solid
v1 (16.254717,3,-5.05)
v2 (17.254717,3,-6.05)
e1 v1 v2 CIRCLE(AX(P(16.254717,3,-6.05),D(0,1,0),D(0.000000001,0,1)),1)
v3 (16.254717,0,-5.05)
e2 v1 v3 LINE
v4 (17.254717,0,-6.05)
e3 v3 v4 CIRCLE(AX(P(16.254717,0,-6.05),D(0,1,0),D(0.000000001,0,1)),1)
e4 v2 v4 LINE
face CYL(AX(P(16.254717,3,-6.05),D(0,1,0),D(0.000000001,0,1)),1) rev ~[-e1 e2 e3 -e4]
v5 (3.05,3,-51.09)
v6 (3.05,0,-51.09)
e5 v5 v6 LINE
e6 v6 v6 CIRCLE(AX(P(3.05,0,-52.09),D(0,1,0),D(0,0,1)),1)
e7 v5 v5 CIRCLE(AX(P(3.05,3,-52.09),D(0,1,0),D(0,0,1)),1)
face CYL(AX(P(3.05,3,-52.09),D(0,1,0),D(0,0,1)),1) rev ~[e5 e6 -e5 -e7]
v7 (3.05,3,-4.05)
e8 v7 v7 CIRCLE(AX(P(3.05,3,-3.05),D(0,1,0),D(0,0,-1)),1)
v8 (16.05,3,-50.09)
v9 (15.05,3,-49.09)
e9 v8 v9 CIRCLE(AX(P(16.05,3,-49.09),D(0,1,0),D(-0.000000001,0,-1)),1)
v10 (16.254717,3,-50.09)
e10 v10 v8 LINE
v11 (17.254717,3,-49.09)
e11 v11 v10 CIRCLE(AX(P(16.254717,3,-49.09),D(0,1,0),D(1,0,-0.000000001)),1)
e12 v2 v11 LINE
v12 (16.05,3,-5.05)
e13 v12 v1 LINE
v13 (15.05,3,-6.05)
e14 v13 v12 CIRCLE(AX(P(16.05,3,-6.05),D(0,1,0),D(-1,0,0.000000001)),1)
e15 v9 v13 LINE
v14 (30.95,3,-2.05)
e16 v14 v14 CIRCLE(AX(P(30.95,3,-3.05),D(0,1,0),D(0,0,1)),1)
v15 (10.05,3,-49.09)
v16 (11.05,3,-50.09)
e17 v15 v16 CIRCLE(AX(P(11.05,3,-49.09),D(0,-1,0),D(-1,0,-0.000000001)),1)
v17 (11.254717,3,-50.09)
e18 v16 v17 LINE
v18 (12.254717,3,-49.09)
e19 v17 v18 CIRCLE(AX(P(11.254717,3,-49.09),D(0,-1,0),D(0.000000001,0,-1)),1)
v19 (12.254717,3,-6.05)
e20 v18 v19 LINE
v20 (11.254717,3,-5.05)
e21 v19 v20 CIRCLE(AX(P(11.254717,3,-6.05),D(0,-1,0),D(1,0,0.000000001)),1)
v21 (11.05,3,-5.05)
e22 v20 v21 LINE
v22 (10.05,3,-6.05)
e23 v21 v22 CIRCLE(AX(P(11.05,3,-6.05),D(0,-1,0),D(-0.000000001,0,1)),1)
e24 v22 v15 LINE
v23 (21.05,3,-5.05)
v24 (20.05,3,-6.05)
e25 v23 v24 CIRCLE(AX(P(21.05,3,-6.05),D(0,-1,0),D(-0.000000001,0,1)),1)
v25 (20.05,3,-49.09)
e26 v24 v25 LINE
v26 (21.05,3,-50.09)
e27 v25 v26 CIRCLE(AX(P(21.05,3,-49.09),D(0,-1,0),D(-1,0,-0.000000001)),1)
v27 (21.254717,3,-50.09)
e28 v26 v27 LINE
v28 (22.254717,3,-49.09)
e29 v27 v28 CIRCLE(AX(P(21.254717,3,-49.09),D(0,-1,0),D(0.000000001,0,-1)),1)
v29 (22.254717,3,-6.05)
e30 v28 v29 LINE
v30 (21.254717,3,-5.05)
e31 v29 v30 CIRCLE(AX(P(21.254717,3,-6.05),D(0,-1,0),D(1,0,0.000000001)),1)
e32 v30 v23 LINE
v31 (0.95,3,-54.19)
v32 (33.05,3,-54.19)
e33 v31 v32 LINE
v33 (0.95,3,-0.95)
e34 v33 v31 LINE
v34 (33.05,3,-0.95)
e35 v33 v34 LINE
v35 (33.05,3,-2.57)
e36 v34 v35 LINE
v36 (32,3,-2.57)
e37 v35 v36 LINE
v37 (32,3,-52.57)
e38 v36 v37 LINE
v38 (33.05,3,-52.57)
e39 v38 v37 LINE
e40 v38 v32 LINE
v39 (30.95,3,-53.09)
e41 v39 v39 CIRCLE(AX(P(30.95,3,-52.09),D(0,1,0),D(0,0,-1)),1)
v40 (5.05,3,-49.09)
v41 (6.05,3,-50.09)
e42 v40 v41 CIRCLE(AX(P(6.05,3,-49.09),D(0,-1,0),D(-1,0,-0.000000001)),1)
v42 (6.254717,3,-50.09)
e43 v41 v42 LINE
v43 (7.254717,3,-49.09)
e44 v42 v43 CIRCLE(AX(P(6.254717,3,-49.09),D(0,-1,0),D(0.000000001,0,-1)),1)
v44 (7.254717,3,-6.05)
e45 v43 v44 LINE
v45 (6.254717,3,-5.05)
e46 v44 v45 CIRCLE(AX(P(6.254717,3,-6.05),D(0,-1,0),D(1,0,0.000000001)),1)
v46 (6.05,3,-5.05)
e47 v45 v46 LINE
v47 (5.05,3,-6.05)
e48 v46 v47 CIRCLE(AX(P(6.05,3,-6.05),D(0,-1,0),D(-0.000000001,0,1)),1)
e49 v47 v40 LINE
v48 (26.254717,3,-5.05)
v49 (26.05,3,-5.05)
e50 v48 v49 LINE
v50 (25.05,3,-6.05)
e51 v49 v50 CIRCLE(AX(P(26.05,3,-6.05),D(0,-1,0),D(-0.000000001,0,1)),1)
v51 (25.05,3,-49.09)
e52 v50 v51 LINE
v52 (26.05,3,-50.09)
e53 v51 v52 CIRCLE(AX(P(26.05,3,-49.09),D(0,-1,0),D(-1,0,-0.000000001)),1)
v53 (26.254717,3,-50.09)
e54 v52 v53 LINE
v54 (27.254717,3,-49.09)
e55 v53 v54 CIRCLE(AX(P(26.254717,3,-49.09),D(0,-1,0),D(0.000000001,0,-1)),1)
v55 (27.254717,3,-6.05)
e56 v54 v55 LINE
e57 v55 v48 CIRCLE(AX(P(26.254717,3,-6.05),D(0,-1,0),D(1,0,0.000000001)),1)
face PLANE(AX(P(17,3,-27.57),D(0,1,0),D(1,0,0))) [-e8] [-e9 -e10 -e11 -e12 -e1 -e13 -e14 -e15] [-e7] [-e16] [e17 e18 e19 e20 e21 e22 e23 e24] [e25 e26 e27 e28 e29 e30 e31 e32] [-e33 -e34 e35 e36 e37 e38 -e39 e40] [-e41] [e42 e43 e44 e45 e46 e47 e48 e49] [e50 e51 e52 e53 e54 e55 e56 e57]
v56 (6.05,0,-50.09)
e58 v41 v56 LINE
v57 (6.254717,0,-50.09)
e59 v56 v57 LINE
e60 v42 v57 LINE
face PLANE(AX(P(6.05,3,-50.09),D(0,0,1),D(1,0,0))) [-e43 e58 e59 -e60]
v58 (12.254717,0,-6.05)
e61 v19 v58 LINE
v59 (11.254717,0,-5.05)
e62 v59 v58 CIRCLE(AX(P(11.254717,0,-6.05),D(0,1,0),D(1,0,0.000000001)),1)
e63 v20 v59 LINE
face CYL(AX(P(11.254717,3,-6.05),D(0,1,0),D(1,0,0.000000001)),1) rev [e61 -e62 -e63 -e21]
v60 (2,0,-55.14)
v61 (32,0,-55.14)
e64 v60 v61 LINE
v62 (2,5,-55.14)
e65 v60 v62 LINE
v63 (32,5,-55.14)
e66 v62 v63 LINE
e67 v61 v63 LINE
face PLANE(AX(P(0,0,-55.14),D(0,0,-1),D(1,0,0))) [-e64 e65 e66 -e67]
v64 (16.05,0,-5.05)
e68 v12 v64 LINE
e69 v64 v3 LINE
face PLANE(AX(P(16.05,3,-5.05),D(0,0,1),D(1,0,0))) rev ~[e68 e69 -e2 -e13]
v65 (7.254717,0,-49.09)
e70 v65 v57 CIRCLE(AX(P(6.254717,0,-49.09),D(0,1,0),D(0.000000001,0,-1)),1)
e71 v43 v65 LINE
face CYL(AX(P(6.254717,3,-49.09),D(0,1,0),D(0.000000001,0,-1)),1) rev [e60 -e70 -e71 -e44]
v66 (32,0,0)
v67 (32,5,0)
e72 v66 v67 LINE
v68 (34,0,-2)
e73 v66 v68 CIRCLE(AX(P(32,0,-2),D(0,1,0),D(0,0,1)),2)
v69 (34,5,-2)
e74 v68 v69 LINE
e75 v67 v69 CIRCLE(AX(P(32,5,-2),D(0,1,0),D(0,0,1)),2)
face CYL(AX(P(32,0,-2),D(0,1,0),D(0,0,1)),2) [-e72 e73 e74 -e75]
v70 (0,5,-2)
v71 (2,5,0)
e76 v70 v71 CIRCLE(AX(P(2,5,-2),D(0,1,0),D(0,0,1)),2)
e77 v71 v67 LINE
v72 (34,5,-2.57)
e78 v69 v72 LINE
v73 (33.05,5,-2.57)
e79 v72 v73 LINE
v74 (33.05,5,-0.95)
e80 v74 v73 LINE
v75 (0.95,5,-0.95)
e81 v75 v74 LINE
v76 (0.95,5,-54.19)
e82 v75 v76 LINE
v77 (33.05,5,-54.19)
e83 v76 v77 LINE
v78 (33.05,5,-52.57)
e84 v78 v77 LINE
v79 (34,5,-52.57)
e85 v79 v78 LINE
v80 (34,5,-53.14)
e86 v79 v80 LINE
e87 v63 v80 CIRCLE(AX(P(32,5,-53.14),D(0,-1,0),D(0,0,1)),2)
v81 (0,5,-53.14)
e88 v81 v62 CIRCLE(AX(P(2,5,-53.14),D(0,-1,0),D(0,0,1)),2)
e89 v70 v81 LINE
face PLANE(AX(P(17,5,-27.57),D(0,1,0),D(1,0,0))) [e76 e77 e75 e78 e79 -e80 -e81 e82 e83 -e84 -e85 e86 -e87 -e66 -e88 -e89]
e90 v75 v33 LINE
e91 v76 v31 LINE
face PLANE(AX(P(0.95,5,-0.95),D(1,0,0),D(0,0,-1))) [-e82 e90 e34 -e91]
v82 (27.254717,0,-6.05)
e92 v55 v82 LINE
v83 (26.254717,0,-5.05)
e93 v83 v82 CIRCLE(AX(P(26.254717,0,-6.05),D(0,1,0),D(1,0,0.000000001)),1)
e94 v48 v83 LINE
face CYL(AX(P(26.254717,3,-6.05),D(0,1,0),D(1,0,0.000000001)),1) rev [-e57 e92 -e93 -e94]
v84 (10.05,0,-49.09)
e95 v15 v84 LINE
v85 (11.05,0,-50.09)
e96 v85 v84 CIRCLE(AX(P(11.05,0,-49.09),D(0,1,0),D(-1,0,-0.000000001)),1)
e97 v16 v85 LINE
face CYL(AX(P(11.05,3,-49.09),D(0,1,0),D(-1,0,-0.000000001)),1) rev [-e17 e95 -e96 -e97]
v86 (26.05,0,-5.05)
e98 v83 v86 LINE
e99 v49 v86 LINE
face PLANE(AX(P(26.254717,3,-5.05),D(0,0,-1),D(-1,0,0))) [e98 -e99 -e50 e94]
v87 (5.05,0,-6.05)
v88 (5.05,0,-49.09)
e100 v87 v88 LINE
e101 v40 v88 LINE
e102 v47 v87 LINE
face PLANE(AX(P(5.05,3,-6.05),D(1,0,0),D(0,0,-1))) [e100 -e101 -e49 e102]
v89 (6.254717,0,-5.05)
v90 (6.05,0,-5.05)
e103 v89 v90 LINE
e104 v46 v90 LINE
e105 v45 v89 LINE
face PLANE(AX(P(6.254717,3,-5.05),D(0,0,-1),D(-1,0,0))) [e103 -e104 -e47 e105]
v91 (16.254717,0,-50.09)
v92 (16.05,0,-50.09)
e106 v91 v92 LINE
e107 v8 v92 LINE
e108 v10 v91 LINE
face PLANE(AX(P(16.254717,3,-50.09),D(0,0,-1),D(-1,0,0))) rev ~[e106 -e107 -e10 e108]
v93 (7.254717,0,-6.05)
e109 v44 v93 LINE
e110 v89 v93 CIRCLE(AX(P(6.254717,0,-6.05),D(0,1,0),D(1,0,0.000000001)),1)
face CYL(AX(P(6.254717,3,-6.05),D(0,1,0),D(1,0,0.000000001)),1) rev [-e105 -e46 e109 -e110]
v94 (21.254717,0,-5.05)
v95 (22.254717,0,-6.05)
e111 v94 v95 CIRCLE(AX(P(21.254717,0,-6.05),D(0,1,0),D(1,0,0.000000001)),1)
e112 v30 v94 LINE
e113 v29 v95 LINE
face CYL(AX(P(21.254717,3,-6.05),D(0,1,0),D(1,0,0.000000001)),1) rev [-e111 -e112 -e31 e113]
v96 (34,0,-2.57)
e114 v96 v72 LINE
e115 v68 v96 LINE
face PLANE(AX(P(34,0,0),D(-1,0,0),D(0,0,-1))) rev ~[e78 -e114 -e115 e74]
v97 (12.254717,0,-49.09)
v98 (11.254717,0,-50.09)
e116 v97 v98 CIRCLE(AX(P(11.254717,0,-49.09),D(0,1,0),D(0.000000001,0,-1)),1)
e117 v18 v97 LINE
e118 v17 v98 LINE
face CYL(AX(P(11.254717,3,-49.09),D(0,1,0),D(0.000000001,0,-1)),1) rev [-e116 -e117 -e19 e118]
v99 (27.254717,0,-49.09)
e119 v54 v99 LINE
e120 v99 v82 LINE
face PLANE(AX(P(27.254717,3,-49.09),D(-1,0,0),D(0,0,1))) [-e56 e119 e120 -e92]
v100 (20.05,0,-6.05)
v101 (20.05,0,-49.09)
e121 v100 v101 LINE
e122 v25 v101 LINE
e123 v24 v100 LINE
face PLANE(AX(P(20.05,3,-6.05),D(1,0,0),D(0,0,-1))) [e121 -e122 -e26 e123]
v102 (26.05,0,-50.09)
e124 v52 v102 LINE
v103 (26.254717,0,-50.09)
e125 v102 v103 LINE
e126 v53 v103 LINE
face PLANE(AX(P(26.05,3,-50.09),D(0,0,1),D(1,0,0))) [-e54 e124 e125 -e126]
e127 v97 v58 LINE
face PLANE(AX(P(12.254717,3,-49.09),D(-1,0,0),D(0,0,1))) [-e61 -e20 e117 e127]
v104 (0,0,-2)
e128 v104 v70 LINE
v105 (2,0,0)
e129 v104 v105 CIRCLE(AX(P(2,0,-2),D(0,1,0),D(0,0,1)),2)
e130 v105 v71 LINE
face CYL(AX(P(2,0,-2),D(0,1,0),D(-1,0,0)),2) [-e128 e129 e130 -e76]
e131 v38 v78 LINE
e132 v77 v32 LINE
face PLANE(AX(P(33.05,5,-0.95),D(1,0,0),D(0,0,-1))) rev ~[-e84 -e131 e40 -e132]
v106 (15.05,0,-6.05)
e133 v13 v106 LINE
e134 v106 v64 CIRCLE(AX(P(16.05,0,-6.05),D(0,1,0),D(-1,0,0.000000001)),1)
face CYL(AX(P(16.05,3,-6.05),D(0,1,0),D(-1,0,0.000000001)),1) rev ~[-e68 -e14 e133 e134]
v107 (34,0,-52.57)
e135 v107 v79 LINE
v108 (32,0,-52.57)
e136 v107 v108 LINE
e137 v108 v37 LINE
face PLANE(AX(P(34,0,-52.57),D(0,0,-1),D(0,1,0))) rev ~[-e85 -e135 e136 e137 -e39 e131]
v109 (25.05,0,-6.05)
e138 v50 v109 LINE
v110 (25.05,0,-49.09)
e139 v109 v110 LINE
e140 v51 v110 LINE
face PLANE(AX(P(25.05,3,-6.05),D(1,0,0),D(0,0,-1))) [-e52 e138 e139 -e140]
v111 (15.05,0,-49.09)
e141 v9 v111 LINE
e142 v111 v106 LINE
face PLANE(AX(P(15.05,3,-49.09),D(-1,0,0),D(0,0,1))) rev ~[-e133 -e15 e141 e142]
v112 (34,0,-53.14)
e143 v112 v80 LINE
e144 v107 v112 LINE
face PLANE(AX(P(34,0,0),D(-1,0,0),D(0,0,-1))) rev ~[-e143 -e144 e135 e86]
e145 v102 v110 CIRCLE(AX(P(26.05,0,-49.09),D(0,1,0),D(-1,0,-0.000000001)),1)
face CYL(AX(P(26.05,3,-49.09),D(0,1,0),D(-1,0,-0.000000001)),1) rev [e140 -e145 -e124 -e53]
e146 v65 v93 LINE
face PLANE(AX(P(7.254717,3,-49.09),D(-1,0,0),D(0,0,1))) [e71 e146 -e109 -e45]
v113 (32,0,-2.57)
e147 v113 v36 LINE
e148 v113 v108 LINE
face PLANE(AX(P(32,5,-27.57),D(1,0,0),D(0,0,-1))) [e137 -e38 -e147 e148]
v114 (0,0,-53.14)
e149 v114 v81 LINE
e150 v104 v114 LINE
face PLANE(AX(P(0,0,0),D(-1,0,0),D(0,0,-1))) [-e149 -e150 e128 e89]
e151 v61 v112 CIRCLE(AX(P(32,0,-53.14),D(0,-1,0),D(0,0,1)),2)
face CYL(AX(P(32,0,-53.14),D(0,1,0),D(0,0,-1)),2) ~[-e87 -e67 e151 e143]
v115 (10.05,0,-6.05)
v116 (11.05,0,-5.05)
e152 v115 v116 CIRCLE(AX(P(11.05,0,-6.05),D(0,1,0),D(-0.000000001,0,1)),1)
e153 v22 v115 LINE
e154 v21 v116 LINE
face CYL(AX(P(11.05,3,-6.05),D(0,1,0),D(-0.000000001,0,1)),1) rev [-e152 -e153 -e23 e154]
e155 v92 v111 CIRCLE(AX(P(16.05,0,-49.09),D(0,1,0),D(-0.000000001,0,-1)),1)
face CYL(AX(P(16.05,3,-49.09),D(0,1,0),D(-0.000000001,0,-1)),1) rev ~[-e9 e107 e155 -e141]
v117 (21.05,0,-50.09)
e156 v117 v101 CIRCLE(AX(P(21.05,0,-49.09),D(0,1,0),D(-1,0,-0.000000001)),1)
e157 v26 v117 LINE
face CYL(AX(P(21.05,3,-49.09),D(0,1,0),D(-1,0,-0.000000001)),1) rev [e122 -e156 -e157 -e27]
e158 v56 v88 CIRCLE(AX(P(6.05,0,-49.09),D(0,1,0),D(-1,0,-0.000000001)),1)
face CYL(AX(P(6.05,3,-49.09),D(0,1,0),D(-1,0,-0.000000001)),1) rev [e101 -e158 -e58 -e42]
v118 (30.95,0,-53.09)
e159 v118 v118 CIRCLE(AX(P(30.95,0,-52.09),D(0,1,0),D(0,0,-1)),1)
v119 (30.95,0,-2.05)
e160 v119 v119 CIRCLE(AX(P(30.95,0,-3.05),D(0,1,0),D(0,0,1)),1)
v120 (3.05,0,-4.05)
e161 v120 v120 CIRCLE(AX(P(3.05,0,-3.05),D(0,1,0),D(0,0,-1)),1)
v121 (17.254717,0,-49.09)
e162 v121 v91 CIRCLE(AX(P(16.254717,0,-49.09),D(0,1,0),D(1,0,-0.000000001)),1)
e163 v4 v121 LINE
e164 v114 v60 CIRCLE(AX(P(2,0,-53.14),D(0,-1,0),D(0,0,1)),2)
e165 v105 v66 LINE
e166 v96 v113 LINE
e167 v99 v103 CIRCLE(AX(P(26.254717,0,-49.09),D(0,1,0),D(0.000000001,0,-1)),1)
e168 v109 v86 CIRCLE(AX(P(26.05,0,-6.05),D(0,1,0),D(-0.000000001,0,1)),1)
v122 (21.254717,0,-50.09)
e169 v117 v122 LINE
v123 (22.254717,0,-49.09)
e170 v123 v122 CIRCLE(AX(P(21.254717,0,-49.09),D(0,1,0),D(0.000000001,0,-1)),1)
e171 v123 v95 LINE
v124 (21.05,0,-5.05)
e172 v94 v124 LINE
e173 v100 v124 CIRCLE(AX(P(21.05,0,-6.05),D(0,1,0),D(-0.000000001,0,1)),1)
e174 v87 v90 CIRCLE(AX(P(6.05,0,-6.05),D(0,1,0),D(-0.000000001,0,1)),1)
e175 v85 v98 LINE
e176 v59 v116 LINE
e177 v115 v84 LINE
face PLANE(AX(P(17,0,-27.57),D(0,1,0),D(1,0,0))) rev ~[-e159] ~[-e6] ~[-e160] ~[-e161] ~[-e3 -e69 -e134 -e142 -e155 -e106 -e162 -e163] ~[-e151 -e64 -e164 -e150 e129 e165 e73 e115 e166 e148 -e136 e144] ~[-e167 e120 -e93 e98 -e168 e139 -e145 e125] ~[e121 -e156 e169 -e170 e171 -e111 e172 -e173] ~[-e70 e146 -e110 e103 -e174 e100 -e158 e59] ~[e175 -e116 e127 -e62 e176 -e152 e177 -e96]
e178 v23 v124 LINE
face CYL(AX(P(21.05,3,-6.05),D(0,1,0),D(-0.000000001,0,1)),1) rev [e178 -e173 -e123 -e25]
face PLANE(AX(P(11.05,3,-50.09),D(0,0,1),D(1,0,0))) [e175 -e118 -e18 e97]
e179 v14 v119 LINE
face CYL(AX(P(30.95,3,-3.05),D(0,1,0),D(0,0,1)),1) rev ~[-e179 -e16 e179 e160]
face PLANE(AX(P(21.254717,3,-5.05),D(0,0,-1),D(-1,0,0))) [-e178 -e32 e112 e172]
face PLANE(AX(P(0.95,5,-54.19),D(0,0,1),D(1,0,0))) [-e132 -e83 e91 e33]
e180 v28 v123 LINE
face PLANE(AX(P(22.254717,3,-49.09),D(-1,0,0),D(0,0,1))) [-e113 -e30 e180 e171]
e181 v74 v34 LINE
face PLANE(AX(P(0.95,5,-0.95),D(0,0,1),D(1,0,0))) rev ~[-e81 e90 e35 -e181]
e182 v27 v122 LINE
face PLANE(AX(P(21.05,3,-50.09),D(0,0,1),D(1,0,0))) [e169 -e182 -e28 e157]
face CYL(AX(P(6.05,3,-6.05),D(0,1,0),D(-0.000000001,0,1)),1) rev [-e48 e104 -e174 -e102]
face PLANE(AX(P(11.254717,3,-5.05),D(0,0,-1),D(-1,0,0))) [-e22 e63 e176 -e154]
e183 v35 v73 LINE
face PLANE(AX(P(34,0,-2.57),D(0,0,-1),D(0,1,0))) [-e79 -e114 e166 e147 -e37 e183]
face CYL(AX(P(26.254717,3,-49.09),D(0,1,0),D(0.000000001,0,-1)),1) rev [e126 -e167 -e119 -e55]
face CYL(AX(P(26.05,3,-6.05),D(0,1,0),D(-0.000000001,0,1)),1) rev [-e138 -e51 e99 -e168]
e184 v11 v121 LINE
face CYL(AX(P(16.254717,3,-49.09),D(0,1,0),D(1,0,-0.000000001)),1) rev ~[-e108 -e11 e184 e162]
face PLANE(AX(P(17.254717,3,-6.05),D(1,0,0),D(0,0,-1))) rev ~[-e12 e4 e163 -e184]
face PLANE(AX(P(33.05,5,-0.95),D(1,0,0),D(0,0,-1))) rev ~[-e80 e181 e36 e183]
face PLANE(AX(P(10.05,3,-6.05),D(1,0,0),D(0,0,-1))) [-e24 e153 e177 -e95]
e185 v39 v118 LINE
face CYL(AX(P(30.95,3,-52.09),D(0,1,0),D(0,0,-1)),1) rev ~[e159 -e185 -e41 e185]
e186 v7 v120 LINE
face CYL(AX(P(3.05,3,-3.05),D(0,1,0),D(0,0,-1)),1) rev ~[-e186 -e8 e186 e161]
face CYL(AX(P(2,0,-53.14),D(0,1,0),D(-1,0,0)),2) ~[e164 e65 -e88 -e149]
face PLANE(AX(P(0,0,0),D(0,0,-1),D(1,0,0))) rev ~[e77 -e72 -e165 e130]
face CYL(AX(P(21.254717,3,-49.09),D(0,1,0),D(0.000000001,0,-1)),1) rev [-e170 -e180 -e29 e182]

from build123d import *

# Parameters (mm, degrees)
SKETCH_1_W          = 34
SKETCH_1_H          = 55.14
EXTRUDE_1_DEPTH     = 5
SKETCH_2_W          = 32.1
SKETCH_2_H          = 53.24
CUT_EXTRUDE_1_DEPTH = 2
SKETCH_3_W          = 50
SKETCH_3_H          = 10
CUT_EXTRUDE_2_DEPTH = 2
FILLET_3_R          = 2
FILLET_4_R          = 2
FILLET_5_R          = 2
FILLET_6_R          = 2
SKETCH_5_R          = 1
CUT_EXTRUDE_3_DEPTH = 5
CUT_EXTRUDE_5_DEPTH = 5


with BuildPart() as part:
    # 草图1 → 凸台-拉伸1 (new body)
    with BuildSketch(Plane(origin=(0, 0, 0), x_dir=(1, 0, 0), z_dir=(0, 1, 0))):
        with Locations((17, 27.57)):
            Rectangle(SKETCH_1_W, SKETCH_1_H)
    extrude(amount=EXTRUDE_1_DEPTH)

    # 草图2 → 切除-拉伸1 (cut)
    with BuildSketch(Plane(origin=(0, 5, 0), x_dir=(1, 0, 0), z_dir=(0, 1, 0))):
        with Locations((17, 27.57)):
            Rectangle(SKETCH_2_W, SKETCH_2_H)
    extrude(amount=-CUT_EXTRUDE_1_DEPTH, mode=Mode.SUBTRACT)

    # 草图3 → 切除-拉伸2 (cut)
    with BuildSketch(Plane(origin=(34, 0, 0), x_dir=(0, 0, -1), z_dir=(1, 0, 0))):
        with Locations((27.57, 5)):
            Rectangle(SKETCH_3_W, SKETCH_3_H)
    extrude(amount=-CUT_EXTRUDE_2_DEPTH, mode=Mode.SUBTRACT)

    # 圆角3
    fillet_3_edges = [part.edges().sort_by_distance(p)[0] for p in [
        (0, 2.5, 0),
    ]]
    fillet(fillet_3_edges, radius=FILLET_3_R)

    # 圆角4
    fillet_4_edges = [part.edges().sort_by_distance(p)[0] for p in [
        (0, 2.5, -55.14),
    ]]
    fillet(fillet_4_edges, radius=FILLET_4_R)

    # 圆角5
    fillet_5_edges = [part.edges().sort_by_distance(p)[0] for p in [
        (34, 2.5, -55.14),
    ]]
    fillet(fillet_5_edges, radius=FILLET_5_R)

    # 圆角6
    fillet_6_edges = [part.edges().sort_by_distance(p)[0] for p in [
        (34, 2.5, 0),
    ]]
    fillet(fillet_6_edges, radius=FILLET_6_R)

    # 草图5 → 切除-拉伸3 (cut)
    with BuildSketch(Plane(origin=(0, 3, 0), x_dir=(1, 0, 0), z_dir=(0, 1, 0))):
        with Locations(Location((3.05, 52.09, 0), (0, 0, 270))):
            Circle(SKETCH_5_R)
        with Locations(Location((3.05, 3.05, 0), (0, 0, 90))):
            Circle(SKETCH_5_R)
        with Locations(Location((30.95, 3.05, 0), (0, 0, 270))):
            Circle(SKETCH_5_R)
        with Locations(Location((30.95, 52.09, 0), (0, 0, 90))):
            Circle(SKETCH_5_R)
    extrude(amount=-CUT_EXTRUDE_3_DEPTH, mode=Mode.SUBTRACT)

    # 草图6 → 切除-拉伸5 (cut)
    with BuildSketch(Plane(origin=(0, 3, 0), x_dir=(1, 0, 0), z_dir=(0, 1, 0))):
        with BuildLine():
            ThreePointArc((5.05, 49.09), (5.342893219, 49.797106781), (6.05, 50.09))
            Line((6.05, 50.09), (6.254717451, 50.09))
            ThreePointArc((6.254717451, 50.09), (6.961824232, 49.797106781), (7.254717451, 49.09))
            Line((7.254717451, 49.09), (7.254717451, 6.05))
            ThreePointArc((7.254717451, 6.05), (6.961824232, 5.342893219), (6.254717451, 5.05))
            Line((6.254717451, 5.05), (6.05, 5.05))
            ThreePointArc((6.05, 5.05), (5.342893219, 5.342893219), (5.05, 6.05))
            Line((5.05, 6.05), (5.05, 49.09))
        make_face()
        with BuildLine():
            ThreePointArc((10.05, 49.09), (10.342893219, 49.797106781), (11.05, 50.09))
            Line((11.05, 50.09), (11.254717451, 50.09))
            ThreePointArc((11.254717451, 50.09), (11.961824232, 49.797106781), (12.254717451, 49.09))
            Line((12.254717451, 49.09), (12.254717451, 6.05))
            ThreePointArc((12.254717451, 6.05), (11.961824232, 5.342893219), (11.254717451, 5.05))
            Line((11.254717451, 5.05), (11.05, 5.05))
            ThreePointArc((11.05, 5.05), (10.342893219, 5.342893219), (10.05, 6.05))
            Line((10.05, 6.05), (10.05, 49.09))
        make_face()
        with BuildLine():
            ThreePointArc((20.05, 49.09), (20.342893219, 49.797106781), (21.05, 50.09))
            Line((21.05, 50.09), (21.254717451, 50.09))
            ThreePointArc((21.254717451, 50.09), (21.961824232, 49.797106781), (22.254717451, 49.09))
            Line((22.254717451, 49.09), (22.254717451, 6.05))
            ThreePointArc((22.254717451, 6.05), (21.961824232, 5.342893219), (21.254717451, 5.05))
            Line((21.254717451, 5.05), (21.05, 5.05))
            ThreePointArc((21.05, 5.05), (20.342893219, 5.342893219), (20.05, 6.05))
            Line((20.05, 6.05), (20.05, 49.09))
        make_face()
        with BuildLine():
            ThreePointArc((26.05, 5.05), (25.342893219, 5.342893219), (25.05, 6.05))
            Line((25.05, 6.05), (25.05, 49.09))
            ThreePointArc((25.05, 49.09), (25.342893219, 49.797106781), (26.05, 50.09))
            Line((26.05, 50.09), (26.254717451, 50.09))
            ThreePointArc((26.254717451, 50.09), (26.961824232, 49.797106781), (27.254717451, 49.09))
            Line((27.254717451, 49.09), (27.254717451, 6.05))
            ThreePointArc((27.254717451, 6.05), (26.961824232, 5.342893219), (26.254717451, 5.05))
            Line((26.254717451, 5.05), (26.05, 5.05))
        make_face()
        with BuildLine():
            Line((15.05, 49.09), (15.05, 6.05))
            ThreePointArc((15.05, 6.05), (15.342893219, 5.342893219), (16.05, 5.05))
            Line((16.05, 5.05), (16.254717451, 5.05))
            ThreePointArc((16.254717451, 5.05), (16.961824232, 5.342893219), (17.254717451, 6.05))
            Line((17.254717451, 6.05), (17.254717451, 49.09))
            ThreePointArc((17.254717451, 49.09), (16.961824232, 49.797106781), (16.254717451, 50.09))
            Line((16.254717451, 50.09), (16.05, 50.09))
            ThreePointArc((16.05, 50.09), (15.342893219, 49.797106781), (15.05, 49.09))
        make_face()
    extrude(amount=-CUT_EXTRUDE_5_DEPTH, mode=Mode.SUBTRACT)


solid = part.part
